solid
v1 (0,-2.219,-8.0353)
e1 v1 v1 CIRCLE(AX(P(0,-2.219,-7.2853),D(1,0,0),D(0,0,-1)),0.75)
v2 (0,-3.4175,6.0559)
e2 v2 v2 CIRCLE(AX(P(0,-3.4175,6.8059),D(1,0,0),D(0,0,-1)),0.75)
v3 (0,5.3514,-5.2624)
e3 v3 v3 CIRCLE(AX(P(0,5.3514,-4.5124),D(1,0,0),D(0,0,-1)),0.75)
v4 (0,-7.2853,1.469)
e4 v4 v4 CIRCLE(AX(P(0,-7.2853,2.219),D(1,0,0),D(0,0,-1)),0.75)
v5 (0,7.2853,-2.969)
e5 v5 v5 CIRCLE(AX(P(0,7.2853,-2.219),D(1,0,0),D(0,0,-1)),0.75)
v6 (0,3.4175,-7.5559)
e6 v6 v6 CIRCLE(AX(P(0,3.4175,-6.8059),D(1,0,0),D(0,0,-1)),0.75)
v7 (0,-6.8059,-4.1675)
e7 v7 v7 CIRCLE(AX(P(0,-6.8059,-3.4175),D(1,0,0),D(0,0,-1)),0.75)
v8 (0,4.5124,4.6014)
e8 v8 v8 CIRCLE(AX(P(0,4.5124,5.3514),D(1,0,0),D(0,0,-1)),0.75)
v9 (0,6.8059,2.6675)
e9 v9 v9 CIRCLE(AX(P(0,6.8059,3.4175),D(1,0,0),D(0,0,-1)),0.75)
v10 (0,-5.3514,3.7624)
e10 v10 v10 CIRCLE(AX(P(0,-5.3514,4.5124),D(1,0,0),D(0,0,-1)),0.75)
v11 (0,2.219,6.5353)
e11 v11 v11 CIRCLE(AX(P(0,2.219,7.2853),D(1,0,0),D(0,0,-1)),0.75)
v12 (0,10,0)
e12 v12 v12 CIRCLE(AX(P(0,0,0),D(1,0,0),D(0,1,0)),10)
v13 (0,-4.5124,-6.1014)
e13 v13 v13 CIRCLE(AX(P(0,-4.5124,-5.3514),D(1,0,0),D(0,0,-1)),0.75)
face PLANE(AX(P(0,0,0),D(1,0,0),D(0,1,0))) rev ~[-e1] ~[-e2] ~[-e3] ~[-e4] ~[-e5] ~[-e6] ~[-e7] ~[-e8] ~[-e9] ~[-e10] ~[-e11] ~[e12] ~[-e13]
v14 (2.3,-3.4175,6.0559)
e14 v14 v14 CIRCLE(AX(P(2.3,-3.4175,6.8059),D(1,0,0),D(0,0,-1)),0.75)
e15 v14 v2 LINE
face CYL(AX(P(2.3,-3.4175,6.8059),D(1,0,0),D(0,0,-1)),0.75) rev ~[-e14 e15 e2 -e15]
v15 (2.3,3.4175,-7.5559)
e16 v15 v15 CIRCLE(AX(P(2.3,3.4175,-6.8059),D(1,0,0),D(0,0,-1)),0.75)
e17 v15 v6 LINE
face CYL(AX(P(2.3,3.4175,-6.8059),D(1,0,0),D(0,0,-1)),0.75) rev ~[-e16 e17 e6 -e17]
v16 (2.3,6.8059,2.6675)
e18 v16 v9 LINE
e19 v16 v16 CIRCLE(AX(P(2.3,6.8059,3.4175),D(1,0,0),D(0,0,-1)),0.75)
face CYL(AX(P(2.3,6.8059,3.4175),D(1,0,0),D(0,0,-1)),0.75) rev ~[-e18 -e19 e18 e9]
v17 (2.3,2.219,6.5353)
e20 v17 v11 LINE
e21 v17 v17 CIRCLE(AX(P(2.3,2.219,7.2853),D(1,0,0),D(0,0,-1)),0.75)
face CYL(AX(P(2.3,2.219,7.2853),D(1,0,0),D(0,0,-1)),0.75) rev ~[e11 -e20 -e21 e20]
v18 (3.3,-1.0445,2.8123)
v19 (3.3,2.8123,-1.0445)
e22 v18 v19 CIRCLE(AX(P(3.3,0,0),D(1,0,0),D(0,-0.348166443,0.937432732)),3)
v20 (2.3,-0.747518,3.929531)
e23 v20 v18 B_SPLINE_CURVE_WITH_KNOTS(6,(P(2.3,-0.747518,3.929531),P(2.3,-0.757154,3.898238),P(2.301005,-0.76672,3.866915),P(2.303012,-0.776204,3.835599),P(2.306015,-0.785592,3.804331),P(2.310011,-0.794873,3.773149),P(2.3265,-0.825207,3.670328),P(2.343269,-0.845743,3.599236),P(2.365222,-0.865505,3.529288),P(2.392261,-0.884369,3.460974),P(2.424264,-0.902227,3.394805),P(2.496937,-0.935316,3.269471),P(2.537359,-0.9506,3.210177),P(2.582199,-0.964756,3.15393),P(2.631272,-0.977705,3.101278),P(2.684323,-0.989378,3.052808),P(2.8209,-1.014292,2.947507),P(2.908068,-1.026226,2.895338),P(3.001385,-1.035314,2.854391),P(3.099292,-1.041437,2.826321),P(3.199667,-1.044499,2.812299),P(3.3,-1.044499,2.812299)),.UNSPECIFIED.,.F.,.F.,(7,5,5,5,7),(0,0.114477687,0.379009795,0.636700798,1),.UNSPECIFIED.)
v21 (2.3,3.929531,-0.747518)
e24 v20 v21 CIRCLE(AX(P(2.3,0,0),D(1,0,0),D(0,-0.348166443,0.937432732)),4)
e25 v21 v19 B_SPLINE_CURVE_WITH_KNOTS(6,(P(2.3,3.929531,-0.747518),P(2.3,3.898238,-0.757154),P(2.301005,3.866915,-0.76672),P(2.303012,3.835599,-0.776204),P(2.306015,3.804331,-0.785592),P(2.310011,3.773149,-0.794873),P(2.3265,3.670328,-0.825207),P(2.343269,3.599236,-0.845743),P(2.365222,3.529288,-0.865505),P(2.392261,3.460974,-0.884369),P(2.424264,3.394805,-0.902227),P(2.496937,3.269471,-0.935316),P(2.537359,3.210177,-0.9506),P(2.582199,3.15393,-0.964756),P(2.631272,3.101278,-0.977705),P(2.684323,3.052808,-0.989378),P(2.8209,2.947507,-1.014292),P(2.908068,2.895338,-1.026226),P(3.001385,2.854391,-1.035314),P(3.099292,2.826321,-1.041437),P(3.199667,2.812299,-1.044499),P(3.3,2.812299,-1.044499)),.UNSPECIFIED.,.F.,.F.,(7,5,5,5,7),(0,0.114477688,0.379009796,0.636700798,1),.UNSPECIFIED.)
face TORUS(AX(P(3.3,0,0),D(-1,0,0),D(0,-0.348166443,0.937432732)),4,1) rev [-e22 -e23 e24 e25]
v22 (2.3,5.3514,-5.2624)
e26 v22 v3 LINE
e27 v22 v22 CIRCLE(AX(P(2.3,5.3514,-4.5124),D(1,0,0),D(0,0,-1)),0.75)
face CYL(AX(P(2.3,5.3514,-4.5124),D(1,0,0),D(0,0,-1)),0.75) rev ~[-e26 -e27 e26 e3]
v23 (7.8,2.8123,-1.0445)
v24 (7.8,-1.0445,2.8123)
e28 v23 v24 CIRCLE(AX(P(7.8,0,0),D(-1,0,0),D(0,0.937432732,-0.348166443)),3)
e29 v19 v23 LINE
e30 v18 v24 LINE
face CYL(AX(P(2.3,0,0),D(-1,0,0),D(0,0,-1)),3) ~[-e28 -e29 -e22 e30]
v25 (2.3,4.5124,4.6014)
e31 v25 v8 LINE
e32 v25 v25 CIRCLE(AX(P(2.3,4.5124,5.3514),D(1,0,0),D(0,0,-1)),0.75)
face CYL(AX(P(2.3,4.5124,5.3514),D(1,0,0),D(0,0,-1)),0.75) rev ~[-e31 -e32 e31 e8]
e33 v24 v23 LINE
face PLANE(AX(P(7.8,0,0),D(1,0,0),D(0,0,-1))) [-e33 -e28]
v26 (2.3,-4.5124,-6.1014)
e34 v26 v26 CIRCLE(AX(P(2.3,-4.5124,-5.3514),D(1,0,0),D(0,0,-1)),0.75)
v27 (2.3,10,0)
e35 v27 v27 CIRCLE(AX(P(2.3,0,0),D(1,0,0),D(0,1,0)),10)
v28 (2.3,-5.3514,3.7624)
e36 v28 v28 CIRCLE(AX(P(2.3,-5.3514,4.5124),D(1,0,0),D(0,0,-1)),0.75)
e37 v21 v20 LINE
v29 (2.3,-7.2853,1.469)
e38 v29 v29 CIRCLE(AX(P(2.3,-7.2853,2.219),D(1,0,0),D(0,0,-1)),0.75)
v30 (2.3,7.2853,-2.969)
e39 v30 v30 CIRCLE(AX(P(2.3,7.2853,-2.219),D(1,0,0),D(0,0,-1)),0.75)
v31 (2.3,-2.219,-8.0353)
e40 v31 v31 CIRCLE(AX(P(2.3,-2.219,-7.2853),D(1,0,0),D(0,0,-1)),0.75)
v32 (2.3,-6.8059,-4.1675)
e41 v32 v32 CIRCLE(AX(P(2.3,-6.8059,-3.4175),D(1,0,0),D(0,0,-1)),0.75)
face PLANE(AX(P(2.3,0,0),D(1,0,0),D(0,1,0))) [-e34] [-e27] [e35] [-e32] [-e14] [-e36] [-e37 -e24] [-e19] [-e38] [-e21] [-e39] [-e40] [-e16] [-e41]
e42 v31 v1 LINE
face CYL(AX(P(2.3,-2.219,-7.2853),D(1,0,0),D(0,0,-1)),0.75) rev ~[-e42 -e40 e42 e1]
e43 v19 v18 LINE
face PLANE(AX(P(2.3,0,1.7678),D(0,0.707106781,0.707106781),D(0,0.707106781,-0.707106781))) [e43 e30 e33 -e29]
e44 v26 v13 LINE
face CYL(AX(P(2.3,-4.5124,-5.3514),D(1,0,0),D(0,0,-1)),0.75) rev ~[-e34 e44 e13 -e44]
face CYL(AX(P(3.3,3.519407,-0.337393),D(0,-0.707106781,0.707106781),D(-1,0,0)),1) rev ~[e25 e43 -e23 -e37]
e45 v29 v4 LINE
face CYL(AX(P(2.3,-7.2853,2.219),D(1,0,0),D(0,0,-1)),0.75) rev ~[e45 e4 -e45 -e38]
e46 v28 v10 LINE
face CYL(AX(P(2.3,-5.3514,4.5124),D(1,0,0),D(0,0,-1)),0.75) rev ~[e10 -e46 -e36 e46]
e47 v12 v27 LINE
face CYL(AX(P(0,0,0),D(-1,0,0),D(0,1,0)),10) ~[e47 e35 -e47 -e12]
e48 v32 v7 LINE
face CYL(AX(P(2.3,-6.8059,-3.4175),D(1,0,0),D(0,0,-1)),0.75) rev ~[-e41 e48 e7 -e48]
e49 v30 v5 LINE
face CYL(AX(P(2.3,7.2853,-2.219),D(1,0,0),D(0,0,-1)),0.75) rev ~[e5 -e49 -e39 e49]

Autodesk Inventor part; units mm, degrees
ref_plane "YZ Plane" through (0, 0, 0) normal (1, 0, 0) x (0, 1, 0)
ref_plane "XZ Plane" through (0, 0, 0) normal (0, 1, 0) x (-1, 0, 0)
ref_plane "XY Plane" through (0, 0, 0) normal (0, 0, 1) x (1, 0, 0)
sketch "Sketch1" plane through (0, 0, 0) normal (1, 0, 0) x (0, 1, 0)
  circle A0 centre (0, 0) radius 10
  dimension "d0" = 20
extrude "Extrusion1" add sketch "Sketch1" along normal blind 2.3
sketch "Sketch2" plane through (2.3, 0, 0) normal (1, 0, 0) x (0, 0, -1)
  circle A0 centre (0, 0) radius 10 projected
  circle A1 centre (-5.3514, 4.5124) radius 0.75 projected
  circle A2 centre (-7.2853, 2.219) radius 0.75 projected
  circle A3 centre (-4.5124, -5.3514) radius 0.75 projected
  circle A4 centre (-2.219, -7.2853) radius 0.75 projected
  circle A5 centre (3.4175, -6.8059) radius 0.75 projected
  circle A6 centre (4.5124, 5.3514) radius 0.75 projected
  circle A7 centre (2.219, 7.2853) radius 0.75 projected
  circle A8 centre (0, 0) radius 4.4 projected
  circle A9 centre (6.8059, 3.4175) radius 0.75 projected
  circle A10 centre (7.2853, -2.219) radius 0.75 projected
  circle A11 centre (5.3514, -4.5124) radius 0.75 projected
  circle A12 centre (-6.8059, -3.4175) radius 0.75 projected
  circle A13 centre (-3.4175, 6.8059) radius 0.75 projected
  circle A14 centre (0, 0) radius 1.5 projected
  point P0 (0, 0)
extrude "Extrusion2" cut sketch "Sketch2" against normal through all contours A1 | A2 | A3 | A4 | A5 | A6 | A7 | A9 | A10 | A11 | A12 | A13
sketch "Sketch3" plane through (2.3, 0, 0) normal (1, 0, 0) x (0, 0, -1)
  circle A0 centre (0, 0) radius 3
  line L0 (-4.1558, -4.1558) -> (4.1558, 4.1558) construction
  line L1 (14, 0) -> (-14, 0) projected
  line L2 (-2.8123, -1.0445) -> (1.0445, 2.8123)
  point P0 (-0.8839, 0.8839)
  dimension "d5" = 6
  dimension "d6" = 45
  dimension "d7" = 1.25
extrude "Extrusion3" add sketch "Sketch3" along normal blind 5.5 contours L1 L2 A0 | A0 L2 L1 picked at (1.3813, 0.2407) picked at (1.3839, -0.2301)
fillet "Fillet1" radius 1 2 edges at (2.3, 0.8839, 0.8839) (2.3, -2.1213, -2.1213)
properties part number "Printed Horn"
